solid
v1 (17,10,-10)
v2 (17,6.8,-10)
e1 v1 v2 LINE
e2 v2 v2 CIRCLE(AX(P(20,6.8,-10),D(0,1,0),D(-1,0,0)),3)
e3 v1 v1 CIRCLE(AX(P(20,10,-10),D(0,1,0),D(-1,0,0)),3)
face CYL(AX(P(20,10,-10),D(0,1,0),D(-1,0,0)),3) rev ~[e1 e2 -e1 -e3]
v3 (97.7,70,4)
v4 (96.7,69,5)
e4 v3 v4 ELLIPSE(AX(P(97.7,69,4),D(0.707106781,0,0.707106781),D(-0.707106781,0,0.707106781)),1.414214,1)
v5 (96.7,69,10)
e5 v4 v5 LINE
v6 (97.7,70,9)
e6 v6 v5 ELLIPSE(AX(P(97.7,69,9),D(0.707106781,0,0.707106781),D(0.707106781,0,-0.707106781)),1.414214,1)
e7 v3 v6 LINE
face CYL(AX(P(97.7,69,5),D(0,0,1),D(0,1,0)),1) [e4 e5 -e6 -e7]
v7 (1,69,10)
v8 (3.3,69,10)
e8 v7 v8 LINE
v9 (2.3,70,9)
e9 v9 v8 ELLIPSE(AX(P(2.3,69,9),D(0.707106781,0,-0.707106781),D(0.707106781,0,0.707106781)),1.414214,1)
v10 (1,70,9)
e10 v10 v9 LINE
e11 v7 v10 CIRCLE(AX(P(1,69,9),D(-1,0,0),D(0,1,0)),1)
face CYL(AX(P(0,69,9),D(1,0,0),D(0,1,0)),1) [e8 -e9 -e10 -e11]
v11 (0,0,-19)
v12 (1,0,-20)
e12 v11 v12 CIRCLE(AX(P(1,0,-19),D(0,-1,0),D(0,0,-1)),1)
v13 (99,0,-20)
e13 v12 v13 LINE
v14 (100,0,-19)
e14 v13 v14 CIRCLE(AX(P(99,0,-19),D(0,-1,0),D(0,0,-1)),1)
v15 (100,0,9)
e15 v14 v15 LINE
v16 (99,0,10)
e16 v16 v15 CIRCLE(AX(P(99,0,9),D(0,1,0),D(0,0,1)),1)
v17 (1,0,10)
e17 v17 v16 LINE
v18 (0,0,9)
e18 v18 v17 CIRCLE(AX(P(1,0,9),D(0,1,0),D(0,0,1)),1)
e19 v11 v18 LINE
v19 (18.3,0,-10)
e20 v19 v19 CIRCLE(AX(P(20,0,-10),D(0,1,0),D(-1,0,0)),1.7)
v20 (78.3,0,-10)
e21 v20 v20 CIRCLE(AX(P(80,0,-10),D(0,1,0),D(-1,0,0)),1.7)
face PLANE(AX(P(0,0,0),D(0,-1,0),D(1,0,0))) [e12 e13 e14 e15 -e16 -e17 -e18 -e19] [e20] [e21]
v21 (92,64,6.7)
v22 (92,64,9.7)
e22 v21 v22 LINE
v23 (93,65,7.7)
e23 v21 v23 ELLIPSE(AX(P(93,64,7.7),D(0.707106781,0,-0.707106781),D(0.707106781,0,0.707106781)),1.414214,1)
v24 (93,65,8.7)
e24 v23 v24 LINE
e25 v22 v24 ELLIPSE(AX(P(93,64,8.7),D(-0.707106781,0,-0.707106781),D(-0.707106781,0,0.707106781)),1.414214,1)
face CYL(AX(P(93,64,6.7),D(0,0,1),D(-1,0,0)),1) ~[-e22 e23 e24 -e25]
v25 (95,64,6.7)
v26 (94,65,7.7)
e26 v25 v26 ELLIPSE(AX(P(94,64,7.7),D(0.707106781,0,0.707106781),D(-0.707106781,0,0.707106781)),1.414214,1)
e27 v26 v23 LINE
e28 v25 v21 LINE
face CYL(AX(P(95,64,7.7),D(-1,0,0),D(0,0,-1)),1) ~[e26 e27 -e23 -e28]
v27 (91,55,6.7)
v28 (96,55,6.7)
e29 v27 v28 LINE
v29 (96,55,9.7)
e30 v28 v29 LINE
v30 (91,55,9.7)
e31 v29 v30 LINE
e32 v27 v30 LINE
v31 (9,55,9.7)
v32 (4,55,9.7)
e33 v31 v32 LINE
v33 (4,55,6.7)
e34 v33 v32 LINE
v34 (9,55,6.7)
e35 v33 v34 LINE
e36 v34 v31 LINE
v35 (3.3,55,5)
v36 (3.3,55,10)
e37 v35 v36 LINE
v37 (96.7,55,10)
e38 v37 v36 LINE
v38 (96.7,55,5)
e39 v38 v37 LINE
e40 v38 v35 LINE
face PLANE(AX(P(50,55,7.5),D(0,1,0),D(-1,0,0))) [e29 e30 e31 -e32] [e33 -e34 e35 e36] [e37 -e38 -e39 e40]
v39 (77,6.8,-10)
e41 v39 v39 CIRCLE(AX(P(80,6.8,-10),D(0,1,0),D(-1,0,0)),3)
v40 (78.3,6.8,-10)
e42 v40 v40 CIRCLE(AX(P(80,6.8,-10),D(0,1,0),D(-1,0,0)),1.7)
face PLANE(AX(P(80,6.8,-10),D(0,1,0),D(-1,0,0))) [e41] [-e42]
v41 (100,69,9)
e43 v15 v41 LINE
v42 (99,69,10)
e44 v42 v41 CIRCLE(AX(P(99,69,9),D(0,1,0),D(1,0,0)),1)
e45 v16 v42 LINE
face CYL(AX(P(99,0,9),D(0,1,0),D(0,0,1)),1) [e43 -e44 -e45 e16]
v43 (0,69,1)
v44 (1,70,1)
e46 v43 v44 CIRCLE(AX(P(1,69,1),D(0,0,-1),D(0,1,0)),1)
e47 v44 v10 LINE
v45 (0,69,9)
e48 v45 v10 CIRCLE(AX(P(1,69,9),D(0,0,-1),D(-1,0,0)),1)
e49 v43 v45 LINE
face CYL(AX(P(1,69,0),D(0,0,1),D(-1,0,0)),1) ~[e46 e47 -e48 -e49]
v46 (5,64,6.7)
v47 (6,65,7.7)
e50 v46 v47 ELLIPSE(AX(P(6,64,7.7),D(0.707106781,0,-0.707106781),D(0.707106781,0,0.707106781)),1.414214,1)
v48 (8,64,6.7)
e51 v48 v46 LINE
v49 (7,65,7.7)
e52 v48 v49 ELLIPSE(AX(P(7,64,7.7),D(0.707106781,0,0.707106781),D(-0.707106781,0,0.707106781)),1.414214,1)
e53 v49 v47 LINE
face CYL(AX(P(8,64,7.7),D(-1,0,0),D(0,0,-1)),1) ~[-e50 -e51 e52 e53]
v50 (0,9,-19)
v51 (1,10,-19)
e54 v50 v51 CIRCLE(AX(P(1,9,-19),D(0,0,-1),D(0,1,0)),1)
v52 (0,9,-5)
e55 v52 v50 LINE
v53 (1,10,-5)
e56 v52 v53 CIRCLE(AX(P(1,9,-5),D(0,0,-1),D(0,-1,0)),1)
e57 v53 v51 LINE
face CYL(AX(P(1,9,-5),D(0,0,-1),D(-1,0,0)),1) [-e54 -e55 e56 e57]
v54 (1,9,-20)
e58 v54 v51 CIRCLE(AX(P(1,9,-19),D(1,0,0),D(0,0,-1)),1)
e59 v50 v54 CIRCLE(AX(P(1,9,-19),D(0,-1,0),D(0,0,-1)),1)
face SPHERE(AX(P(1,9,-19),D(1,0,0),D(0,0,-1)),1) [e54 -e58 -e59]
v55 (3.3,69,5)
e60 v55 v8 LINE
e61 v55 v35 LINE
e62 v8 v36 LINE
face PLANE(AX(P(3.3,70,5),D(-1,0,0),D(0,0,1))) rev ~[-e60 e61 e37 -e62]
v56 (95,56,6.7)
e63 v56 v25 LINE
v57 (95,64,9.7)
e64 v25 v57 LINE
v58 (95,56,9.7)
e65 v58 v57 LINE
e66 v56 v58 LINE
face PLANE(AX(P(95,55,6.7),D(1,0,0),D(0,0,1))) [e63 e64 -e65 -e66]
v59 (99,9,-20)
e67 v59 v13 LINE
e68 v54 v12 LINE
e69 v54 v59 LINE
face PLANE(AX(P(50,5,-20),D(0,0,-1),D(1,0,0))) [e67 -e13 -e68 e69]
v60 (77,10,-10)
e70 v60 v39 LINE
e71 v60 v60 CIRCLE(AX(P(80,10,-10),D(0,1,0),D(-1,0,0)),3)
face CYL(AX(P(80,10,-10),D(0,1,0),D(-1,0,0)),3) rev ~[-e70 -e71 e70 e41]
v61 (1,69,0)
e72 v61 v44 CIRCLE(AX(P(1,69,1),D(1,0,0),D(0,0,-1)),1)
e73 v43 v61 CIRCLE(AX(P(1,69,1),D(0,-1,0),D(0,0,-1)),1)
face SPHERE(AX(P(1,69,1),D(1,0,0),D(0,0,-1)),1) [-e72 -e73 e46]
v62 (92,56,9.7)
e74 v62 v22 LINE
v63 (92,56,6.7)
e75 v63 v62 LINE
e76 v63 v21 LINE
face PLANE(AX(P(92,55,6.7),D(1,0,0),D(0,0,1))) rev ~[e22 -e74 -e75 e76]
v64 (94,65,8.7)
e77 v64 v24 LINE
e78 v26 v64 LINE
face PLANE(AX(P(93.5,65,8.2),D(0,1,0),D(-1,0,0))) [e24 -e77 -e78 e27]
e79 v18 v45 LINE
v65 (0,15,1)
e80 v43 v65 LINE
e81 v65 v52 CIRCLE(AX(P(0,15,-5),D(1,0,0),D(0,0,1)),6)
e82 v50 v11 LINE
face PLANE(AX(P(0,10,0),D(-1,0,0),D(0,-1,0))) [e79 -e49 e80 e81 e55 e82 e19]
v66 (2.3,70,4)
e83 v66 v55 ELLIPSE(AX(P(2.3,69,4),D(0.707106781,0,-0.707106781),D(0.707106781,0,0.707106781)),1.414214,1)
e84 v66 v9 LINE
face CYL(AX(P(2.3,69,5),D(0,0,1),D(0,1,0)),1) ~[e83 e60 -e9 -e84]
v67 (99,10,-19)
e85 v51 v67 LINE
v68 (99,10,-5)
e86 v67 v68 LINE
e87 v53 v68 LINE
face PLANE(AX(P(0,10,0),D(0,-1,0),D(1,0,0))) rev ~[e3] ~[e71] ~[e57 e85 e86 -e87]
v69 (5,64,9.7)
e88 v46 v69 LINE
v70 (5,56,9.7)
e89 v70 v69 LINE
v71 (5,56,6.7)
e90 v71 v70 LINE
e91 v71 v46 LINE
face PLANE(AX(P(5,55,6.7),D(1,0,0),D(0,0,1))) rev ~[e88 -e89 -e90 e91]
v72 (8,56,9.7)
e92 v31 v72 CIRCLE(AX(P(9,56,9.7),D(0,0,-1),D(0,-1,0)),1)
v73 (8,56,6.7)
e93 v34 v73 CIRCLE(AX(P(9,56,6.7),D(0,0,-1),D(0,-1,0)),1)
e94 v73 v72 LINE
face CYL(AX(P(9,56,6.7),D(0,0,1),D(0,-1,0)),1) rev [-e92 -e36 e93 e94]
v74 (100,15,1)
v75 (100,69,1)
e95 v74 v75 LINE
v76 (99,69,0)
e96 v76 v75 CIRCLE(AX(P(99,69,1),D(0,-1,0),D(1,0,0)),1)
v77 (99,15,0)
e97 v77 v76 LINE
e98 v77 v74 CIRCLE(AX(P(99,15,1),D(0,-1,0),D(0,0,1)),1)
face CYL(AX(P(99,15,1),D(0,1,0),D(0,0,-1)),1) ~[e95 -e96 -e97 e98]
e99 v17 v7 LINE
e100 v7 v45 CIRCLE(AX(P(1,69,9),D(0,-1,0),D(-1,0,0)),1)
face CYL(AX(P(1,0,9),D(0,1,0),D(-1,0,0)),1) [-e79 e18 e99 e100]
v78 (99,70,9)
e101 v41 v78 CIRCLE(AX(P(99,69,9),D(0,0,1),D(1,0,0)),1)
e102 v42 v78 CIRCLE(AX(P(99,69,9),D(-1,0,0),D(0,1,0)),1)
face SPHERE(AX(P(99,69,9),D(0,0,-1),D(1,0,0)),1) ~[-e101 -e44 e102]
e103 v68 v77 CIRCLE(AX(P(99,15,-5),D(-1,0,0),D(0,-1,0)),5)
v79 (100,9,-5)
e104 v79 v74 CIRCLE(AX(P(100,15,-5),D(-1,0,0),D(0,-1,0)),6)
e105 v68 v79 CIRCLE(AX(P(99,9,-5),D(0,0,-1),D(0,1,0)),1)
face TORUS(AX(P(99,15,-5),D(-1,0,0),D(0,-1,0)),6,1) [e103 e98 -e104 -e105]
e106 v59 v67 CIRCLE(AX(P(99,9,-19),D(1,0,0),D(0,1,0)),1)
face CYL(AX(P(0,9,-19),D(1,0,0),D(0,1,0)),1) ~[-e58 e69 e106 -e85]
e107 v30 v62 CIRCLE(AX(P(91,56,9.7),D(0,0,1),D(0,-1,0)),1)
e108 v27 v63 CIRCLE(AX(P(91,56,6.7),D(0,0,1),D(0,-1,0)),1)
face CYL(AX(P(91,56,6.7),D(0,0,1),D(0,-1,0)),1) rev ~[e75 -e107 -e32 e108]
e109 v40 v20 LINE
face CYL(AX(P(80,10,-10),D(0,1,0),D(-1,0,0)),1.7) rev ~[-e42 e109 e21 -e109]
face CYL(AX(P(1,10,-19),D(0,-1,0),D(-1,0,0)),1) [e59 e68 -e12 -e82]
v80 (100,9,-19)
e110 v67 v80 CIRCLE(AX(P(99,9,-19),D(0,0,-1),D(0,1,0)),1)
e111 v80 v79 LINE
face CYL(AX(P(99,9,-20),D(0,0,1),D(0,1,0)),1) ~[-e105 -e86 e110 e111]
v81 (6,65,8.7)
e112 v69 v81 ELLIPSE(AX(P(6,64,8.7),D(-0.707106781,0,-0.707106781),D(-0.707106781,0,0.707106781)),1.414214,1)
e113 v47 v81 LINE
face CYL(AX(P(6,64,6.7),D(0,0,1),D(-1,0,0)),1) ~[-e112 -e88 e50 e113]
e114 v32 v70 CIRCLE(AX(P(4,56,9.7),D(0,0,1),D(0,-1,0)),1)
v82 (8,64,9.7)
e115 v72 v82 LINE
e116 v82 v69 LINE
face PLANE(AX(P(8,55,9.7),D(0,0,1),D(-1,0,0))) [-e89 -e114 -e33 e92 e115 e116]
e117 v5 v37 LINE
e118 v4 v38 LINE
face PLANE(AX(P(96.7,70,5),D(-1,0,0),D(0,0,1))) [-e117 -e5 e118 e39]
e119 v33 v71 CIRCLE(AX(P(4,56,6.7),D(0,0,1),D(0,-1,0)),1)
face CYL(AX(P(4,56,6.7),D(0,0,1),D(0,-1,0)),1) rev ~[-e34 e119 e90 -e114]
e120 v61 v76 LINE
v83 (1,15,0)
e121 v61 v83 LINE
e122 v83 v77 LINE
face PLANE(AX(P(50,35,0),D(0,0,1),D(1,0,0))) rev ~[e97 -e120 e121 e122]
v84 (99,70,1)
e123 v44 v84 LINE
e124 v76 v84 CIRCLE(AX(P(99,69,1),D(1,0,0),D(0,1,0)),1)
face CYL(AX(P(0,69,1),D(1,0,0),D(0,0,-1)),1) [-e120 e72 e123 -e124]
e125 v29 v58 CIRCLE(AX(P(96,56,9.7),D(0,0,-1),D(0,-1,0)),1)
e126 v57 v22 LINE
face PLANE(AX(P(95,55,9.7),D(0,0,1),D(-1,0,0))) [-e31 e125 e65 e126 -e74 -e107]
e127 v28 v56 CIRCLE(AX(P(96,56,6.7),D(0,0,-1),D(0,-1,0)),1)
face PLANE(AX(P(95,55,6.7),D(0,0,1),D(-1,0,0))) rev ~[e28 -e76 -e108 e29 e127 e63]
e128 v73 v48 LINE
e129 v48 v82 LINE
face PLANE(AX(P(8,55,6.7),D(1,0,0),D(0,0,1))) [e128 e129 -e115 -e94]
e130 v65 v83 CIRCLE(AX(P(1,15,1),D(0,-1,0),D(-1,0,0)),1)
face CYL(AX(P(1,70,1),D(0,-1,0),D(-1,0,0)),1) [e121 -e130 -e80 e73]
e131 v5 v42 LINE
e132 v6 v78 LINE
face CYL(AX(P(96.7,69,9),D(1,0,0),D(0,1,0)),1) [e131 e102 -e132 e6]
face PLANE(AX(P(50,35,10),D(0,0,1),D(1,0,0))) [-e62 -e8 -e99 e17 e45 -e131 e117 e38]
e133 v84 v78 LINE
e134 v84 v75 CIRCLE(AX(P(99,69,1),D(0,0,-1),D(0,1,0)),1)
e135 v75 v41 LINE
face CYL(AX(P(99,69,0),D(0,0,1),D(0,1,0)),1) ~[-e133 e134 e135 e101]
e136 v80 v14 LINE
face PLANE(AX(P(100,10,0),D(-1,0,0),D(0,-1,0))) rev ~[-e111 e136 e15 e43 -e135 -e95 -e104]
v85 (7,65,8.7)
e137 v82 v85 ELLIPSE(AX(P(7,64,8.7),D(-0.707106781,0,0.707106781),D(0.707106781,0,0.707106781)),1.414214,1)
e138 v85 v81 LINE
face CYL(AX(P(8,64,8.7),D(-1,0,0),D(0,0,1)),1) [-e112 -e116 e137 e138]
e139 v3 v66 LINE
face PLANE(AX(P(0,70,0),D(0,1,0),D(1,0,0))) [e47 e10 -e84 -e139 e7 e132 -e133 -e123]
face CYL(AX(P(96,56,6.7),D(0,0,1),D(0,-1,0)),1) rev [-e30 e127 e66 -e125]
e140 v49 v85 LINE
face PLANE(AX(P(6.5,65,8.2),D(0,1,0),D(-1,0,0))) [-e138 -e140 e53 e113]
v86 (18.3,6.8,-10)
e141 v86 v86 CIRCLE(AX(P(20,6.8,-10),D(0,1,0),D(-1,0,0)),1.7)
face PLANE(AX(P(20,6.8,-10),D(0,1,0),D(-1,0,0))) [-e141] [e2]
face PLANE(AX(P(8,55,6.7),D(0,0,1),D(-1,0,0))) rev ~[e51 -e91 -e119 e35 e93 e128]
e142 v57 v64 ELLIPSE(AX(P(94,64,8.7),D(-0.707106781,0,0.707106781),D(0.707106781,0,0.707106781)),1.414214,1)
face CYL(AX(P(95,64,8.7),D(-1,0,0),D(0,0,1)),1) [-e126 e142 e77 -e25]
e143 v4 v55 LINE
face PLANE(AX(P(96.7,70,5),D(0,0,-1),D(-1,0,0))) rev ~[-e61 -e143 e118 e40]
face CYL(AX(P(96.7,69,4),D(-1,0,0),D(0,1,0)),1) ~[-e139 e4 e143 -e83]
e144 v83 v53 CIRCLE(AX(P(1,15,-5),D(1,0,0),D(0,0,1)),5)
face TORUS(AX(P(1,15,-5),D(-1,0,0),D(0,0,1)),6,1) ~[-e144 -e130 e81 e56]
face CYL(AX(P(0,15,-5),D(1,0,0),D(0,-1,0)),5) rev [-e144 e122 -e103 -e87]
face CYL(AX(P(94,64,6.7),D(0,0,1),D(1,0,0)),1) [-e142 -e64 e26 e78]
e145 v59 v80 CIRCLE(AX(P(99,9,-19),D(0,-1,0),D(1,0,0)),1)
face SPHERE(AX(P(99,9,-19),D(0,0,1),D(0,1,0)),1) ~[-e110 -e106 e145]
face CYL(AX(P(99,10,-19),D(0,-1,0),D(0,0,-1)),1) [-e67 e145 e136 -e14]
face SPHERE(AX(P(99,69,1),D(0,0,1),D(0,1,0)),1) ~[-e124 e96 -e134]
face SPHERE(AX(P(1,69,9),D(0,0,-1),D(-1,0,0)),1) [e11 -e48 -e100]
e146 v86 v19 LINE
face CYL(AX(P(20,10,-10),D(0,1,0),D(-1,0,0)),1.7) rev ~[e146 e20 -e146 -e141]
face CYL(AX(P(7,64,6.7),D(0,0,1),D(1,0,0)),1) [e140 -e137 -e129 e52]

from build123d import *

# Parameters (mm, degrees)
SKETCH_W        = 100
SKETCH_H        = 70
PAD_DEPTH       = 10
SKETCH001_W     = 100
SKETCH001_H     = 10
PAD001_DEPTH    = 20
SKETCH002_W     = 93.4
SKETCH002_H     = 5
POCKET_DEPTH    = 15
SKETCH003_W     = 3
SKETCH003_H     = 3
PAD002_DEPTH    = 10
SKETCH004_R     = 1.7
POCKET001_DEPTH = 15
SKETCH005_R     = 3
POCKET002_DEPTH = 3.2
FILLET_R        = 5
FILLET001_R     = 1
FILLET002_R     = 1


with BuildPart() as part:
    # Sketch → Pad (new body)
    with BuildSketch(Plane.XY):
        with Locations((50, 35)):
            Rectangle(SKETCH_W, SKETCH_H)
    extrude(amount=PAD_DEPTH)

    # Sketch001 → Pad001 (new body)
    with BuildSketch(Plane(origin=(0, 0, 0), x_dir=(1, 0, 0), z_dir=(0, 0, -1))):
        with Locations((50, -5)):
            Rectangle(SKETCH001_W, SKETCH001_H)
    extrude(amount=PAD001_DEPTH)

    # Sketch002 → Pocket (cut)
    with BuildSketch(Plane(origin=(0, 70, 0), x_dir=(-1, 0, 0), z_dir=(0, 1, 0))):
        with Locations((-50, 7.5)):
            Rectangle(SKETCH002_W, SKETCH002_H)
    extrude(amount=-POCKET_DEPTH, mode=Mode.SUBTRACT)

    # Sketch003 → Pad002 (new body)
    with BuildSketch(Plane(origin=(0, 55, 0), x_dir=(-1, 0, 0), z_dir=(0, 1, 0))):
        with Locations((-6.5, 8.2)):
            Rectangle(SKETCH003_W, SKETCH003_H)
        with Locations((-93.5, 8.2)):
            Rectangle(SKETCH003_W, SKETCH003_H)
    extrude(amount=PAD002_DEPTH)

    # Sketch004 → Pocket001 (cut)
    with BuildSketch(Plane(origin=(0, 10, 0), x_dir=(-1, 0, 0), z_dir=(0, 1, 0))):
        with Locations((-20, -10)):
            Circle(SKETCH004_R)
        with Locations((-80, -10)):
            Circle(SKETCH004_R)
    extrude(amount=-POCKET001_DEPTH, mode=Mode.SUBTRACT)

    # Sketch005 → Pocket002 (cut)
    with BuildSketch(Plane(origin=(0, 10, 0), x_dir=(-1, 0, 0), z_dir=(0, 1, 0))):
        with Locations((-20, -10)):
            Circle(SKETCH005_R)
        with Locations((-80, -10)):
            Circle(SKETCH005_R)
    extrude(amount=-POCKET002_DEPTH, mode=Mode.SUBTRACT)

    # Fillet
    fillet_edges = [part.edges().sort_by_distance(p)[0] for p in [
        (50, 10, 0),
    ]]
    fillet(fillet_edges, radius=FILLET_R)

    # Fillet001
    fillet001_edges = [part.edges().sort_by_distance(p)[0] for p in [
        (100, 70, 5),
        (50, 70, 0),
        (100, 42.5, 0),
        (100, 35, 10),
        (100, 11.464466, -1.464466),
        (100, 10, -12.5),
        (50, 10, -20),
        (100, 5, -20),
        (0, 5, -20),
        (0, 10, -12.5),
        (0, 11.464466, -1.464466),
        (0, 42.5, 0),
        (0, 70, 5),
        (0, 35, 10),
        (1.65, 70, 10),
        (98.35, 70, 10),
        (92, 65, 8.2),
        (93.5, 65, 6.7),
        (95, 65, 8.2),
        (93.5, 65, 9.7),
        (5, 65, 8.2),
        (6.5, 65, 6.7),
        (8, 65, 8.2),
        (6.5, 65, 9.7),
        (3.3, 70, 7.5),
        (50, 70, 5),
        (96.7, 70, 7.5),
    ]]
    fillet(fillet001_edges, radius=FILLET001_R)

    # Fillet002
    fillet002_edges = [part.edges().sort_by_distance(p)[0] for p in [
        (95, 55, 8.2),
        (92, 55, 8.2),
        (8, 55, 8.2),
        (5, 55, 8.2),
    ]]
    fillet(fillet002_edges, radius=FILLET002_R)


solid = part.part
